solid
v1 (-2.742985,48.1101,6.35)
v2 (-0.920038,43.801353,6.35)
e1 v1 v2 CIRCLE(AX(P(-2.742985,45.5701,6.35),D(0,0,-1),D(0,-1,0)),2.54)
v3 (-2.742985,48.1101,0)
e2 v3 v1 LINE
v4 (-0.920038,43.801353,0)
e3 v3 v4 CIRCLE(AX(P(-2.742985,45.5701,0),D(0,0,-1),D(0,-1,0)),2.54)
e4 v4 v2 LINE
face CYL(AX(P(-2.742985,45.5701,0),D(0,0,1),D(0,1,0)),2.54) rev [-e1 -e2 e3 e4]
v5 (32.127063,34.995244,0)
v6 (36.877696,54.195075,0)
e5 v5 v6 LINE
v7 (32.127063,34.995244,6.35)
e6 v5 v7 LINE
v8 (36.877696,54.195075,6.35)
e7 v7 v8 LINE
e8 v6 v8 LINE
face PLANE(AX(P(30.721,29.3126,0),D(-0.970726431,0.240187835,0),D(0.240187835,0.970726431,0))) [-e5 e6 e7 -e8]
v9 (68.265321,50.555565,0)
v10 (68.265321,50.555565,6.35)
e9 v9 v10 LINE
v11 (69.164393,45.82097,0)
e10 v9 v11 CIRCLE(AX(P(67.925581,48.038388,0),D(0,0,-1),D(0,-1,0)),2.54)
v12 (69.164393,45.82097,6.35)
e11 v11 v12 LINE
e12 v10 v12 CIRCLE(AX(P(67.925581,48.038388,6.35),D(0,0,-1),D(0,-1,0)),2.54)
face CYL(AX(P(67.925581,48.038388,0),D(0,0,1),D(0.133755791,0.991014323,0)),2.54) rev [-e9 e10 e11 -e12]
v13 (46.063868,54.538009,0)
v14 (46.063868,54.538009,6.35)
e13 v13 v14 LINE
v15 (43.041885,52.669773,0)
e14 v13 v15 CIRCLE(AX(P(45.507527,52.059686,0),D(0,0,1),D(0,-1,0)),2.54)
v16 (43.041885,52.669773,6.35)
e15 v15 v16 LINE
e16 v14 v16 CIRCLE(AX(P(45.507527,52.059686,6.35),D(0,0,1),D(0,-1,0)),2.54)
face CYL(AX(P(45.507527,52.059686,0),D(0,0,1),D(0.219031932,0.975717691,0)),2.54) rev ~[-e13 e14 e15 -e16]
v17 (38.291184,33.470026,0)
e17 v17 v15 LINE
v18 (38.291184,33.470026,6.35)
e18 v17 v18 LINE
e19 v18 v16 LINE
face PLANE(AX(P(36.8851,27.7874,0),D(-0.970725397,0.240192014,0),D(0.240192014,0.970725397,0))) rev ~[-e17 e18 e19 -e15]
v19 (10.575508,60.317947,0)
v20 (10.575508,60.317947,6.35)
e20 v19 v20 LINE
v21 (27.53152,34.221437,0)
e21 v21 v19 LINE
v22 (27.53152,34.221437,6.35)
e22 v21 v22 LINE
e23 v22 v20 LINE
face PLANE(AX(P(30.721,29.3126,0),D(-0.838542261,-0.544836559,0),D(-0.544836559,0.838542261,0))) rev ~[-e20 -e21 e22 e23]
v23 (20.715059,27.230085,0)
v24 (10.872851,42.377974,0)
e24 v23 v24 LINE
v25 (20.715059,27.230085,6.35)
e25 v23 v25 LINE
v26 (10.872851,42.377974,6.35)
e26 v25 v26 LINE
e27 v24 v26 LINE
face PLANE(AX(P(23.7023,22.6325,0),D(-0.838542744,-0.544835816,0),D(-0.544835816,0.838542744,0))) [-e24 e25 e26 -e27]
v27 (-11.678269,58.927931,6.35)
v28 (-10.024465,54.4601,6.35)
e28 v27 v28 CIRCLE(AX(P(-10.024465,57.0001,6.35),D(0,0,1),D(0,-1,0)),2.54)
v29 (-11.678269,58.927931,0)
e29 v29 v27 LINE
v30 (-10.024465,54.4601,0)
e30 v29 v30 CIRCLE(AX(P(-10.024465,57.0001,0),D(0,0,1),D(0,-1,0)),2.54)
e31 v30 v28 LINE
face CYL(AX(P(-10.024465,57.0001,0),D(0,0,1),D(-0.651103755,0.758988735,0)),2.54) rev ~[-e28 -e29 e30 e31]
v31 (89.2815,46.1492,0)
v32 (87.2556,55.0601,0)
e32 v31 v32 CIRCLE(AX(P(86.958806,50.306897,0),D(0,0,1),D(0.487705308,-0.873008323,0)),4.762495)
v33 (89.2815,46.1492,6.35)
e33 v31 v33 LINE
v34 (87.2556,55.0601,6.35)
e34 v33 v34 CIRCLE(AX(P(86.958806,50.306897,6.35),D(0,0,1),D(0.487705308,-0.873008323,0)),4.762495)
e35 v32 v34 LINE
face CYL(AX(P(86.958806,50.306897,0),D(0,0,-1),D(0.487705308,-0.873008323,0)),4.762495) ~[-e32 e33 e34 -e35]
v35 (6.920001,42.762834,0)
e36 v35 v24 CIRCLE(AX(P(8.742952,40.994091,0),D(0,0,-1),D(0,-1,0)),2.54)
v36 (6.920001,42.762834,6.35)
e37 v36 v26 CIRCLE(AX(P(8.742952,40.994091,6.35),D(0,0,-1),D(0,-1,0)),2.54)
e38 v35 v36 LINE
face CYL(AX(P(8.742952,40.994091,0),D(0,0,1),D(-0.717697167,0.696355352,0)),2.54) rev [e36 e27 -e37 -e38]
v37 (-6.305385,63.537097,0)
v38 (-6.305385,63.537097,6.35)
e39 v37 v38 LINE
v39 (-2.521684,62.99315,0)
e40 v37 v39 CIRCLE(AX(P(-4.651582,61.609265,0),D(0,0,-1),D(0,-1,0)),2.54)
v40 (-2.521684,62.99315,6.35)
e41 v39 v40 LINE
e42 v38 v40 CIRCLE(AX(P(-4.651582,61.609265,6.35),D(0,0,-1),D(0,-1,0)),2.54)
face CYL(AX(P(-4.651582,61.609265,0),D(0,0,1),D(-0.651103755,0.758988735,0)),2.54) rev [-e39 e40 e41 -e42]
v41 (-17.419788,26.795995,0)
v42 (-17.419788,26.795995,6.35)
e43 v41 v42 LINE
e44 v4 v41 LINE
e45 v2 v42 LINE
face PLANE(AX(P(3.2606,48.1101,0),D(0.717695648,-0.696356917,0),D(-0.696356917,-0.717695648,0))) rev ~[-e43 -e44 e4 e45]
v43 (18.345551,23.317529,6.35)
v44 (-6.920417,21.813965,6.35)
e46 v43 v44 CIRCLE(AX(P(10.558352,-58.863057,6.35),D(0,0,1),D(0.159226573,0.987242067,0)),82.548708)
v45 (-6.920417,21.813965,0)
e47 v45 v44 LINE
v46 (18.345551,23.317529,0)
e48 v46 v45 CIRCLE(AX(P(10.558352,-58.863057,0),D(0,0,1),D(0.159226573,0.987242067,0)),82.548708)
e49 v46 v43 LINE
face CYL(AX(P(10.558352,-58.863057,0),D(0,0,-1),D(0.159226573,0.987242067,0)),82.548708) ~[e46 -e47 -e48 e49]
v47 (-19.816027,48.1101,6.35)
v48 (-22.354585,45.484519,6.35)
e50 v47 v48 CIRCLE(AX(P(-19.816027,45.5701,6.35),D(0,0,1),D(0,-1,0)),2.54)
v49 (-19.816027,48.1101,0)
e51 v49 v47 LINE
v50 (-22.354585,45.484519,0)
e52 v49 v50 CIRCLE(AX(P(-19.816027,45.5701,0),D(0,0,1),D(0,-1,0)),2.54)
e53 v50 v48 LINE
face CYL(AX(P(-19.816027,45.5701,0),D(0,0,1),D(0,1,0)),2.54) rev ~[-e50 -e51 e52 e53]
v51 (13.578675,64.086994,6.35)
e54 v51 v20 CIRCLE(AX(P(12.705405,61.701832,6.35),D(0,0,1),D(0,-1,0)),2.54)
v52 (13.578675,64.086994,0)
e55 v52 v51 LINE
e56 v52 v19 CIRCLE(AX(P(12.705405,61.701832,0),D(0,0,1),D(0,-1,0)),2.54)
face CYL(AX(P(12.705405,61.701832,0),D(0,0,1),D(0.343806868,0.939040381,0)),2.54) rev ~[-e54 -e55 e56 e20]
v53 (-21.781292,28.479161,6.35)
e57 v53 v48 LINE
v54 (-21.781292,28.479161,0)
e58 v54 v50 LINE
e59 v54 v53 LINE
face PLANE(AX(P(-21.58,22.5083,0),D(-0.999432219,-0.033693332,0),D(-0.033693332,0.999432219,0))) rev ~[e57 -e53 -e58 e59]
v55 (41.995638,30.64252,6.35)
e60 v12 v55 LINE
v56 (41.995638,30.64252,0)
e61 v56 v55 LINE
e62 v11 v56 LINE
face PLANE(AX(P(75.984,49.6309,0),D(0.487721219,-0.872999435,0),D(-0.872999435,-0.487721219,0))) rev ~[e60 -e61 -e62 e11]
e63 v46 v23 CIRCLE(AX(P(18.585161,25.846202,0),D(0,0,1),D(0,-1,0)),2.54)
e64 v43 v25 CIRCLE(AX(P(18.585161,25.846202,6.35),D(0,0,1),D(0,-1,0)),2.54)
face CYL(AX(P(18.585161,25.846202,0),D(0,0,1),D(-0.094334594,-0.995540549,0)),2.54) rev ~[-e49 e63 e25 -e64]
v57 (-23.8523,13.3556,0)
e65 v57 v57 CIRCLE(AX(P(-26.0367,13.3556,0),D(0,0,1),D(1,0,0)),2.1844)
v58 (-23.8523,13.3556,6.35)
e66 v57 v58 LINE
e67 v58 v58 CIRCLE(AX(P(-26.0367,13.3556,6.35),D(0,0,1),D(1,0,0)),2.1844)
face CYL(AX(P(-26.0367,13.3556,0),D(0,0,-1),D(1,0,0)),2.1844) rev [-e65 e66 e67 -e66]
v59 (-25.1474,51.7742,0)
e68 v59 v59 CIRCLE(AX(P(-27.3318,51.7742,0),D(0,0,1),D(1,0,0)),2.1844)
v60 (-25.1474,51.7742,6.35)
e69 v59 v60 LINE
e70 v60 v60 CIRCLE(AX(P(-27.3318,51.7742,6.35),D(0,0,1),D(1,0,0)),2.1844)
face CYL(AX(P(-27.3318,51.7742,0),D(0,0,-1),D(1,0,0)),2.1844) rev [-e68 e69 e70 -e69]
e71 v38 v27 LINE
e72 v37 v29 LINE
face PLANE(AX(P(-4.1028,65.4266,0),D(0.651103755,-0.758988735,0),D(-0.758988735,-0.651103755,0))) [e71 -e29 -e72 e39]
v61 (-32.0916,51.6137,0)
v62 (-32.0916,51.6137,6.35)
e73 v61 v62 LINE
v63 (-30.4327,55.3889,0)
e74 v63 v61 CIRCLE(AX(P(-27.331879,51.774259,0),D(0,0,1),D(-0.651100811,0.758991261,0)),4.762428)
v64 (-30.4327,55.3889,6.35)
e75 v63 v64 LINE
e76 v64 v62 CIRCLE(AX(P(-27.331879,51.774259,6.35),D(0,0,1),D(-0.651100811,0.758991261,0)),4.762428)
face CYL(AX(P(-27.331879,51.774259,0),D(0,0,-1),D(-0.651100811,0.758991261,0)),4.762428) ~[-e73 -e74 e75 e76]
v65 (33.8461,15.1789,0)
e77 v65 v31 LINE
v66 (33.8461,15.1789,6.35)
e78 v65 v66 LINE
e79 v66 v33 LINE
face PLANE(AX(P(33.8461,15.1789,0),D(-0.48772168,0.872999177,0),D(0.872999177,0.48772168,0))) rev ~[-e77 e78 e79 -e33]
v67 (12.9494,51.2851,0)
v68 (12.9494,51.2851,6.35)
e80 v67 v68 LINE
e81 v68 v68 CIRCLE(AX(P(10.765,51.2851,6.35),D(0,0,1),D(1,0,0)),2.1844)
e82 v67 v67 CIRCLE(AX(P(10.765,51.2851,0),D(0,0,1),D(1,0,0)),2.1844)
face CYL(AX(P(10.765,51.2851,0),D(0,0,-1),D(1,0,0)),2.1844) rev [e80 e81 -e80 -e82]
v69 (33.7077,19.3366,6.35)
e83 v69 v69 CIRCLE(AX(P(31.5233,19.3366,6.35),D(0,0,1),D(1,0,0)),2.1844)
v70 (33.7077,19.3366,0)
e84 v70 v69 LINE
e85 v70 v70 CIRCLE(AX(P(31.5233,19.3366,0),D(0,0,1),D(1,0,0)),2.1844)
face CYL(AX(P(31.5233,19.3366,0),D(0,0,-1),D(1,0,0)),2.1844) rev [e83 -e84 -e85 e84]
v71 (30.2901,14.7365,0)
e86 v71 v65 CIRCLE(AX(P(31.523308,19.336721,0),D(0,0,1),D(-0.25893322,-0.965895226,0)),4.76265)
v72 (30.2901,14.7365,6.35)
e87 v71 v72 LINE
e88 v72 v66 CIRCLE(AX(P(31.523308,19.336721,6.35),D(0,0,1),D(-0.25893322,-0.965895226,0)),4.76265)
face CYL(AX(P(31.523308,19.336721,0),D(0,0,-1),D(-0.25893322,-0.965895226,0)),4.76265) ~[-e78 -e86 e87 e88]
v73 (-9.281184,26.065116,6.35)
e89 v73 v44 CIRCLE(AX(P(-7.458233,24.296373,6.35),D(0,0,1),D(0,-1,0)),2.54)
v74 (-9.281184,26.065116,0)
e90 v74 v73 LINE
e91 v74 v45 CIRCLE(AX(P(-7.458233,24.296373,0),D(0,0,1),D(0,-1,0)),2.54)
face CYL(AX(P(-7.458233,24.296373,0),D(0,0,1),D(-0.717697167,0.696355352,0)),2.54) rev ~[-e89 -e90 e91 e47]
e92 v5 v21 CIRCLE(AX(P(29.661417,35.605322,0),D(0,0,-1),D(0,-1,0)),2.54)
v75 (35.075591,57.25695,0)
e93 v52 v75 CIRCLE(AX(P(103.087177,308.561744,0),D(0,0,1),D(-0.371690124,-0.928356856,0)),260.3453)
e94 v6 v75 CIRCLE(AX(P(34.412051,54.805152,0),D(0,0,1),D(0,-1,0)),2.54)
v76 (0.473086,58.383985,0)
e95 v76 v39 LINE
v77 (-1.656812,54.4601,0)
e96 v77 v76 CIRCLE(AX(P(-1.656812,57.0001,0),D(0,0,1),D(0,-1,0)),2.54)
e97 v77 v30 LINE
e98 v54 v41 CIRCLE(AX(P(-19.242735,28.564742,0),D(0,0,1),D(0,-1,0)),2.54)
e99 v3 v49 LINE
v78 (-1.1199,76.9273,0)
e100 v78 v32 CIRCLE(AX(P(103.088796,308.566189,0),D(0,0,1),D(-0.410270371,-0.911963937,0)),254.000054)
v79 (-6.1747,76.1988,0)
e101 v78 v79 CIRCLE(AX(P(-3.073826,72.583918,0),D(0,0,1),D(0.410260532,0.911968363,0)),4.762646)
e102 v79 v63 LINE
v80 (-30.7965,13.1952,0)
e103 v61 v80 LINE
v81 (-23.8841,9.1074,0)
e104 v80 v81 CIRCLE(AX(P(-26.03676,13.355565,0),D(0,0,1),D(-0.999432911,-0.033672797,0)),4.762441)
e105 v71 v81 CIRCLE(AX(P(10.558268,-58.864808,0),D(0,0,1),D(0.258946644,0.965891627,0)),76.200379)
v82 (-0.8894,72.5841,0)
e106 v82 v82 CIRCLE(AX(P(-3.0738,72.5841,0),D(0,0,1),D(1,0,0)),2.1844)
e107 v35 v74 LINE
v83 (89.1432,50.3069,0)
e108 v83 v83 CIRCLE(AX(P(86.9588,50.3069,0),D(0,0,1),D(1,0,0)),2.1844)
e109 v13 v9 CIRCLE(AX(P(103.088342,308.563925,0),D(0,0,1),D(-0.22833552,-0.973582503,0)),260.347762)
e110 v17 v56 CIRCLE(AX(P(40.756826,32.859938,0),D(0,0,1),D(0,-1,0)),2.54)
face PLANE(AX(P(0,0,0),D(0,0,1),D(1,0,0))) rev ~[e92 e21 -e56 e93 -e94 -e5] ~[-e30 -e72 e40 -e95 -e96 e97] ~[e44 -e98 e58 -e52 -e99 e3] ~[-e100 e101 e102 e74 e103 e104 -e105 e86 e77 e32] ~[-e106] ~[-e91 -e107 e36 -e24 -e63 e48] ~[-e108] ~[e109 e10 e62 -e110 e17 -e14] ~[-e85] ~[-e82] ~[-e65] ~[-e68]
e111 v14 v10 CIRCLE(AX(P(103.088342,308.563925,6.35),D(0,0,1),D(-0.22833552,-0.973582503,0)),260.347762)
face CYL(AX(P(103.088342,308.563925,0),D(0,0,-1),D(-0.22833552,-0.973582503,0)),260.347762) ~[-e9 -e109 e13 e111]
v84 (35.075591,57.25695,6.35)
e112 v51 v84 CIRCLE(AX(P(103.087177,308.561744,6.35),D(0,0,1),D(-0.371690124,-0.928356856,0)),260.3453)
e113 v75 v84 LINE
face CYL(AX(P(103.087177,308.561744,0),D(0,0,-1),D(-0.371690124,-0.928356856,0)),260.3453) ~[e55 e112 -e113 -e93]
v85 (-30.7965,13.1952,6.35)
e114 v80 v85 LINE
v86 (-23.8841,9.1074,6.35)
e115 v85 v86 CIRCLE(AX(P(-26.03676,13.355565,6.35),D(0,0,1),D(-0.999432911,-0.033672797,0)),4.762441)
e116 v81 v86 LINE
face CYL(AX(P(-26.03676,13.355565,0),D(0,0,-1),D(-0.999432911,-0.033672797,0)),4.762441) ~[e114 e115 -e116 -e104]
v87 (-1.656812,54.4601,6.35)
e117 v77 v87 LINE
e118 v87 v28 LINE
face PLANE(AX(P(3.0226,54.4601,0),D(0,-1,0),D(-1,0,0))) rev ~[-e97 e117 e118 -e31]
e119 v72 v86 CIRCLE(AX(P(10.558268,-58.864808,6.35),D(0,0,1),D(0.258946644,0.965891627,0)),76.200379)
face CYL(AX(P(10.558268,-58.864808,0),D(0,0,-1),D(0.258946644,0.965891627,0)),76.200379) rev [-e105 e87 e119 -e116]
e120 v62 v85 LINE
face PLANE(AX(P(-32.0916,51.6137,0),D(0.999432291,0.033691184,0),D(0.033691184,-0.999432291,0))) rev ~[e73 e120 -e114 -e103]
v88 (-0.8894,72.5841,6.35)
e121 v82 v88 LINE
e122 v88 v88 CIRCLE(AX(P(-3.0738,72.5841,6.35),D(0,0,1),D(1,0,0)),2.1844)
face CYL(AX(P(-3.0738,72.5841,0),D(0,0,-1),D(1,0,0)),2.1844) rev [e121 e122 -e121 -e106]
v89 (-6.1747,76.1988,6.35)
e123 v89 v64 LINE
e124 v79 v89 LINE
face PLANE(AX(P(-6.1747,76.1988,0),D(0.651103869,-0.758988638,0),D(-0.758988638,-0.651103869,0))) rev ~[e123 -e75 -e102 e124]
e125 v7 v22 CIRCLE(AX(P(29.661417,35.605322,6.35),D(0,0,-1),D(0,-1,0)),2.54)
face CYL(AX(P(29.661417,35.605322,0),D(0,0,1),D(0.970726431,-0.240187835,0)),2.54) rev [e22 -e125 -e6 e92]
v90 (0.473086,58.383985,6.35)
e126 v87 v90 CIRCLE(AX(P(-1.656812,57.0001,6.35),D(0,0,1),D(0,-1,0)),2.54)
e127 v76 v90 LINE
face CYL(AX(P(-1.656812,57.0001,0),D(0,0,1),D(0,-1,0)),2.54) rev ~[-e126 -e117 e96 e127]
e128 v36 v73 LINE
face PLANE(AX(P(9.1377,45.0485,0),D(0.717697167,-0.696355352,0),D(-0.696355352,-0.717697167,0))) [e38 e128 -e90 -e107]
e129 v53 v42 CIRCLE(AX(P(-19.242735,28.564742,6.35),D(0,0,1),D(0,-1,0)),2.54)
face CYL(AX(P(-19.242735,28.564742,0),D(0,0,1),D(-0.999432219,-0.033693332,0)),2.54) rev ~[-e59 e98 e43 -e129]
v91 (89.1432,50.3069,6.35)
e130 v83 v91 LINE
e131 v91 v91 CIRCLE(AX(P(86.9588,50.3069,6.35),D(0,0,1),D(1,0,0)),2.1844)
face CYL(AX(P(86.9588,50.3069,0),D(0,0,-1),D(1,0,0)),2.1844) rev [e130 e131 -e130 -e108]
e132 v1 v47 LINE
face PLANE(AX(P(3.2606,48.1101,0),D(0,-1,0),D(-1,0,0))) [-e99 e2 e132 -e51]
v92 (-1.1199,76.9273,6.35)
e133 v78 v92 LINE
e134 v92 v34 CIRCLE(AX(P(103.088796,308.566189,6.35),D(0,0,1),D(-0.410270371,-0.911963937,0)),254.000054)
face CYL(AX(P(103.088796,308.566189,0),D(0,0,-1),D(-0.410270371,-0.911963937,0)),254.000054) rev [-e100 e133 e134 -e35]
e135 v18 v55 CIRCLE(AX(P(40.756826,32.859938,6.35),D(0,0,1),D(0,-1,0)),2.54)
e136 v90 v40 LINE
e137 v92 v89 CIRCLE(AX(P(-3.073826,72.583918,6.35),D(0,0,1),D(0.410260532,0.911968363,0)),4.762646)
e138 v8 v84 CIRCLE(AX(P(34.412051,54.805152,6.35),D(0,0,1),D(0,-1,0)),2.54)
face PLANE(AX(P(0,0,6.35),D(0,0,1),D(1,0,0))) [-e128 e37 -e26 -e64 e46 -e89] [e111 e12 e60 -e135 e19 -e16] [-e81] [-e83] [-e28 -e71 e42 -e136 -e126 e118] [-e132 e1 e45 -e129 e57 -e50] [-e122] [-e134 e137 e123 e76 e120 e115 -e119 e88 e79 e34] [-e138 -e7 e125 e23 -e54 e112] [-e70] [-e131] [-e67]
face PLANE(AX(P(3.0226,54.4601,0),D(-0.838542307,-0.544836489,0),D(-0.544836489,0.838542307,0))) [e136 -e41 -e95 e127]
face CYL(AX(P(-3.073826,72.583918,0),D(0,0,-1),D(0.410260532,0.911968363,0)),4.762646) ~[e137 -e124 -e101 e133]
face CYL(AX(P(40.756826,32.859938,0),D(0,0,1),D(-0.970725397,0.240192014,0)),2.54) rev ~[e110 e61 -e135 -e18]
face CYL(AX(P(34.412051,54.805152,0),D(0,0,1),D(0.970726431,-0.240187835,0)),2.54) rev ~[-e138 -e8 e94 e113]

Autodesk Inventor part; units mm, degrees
ref_plane "YZ Plane" through (0, 0, 0) normal (1, 0, 0) x (0, 1, 0)
ref_plane "XZ Plane" through (0, 0, 0) normal (0, 1, 0) x (-1, 0, 0)
ref_plane "XY Plane" through (0, 0, 0) normal (0, 0, 1) x (1, 0, 0)
sketch "Sketch1" plane through (0, 0, 0) normal (0, 0, 1) x (1, 0, 0)
  circle A0 centre (10.765, 51.2851) radius 2.1844 projected
  circle A1 centre (31.5233, 19.3366) radius 2.1844 projected
  circle A2 centre (86.9588, 50.3069) radius 2.1844 projected
  circle A3 centre (-3.0738, 72.5841) radius 2.1844 projected
  circle A4 centre (-27.3318, 51.7742) radius 2.1844 projected
  circle A5 centre (-26.0367, 13.3556) radius 2.1844 projected
  arc A6 (30.2901, 14.7365) -> (33.8461, 15.1789) centre (31.5233, 19.3366) ccw
  arc A7 (89.2815, 46.1492) -> (87.0199, 55.069) centre (86.9588, 50.3069) ccw
  arc A8 (-1.1199, 76.9273) -> (-6.1747, 76.1988) centre (-3.0738, 72.5841) ccw
  arc A9 (-30.4327, 55.3889) -> (-32.0916, 51.6137) centre (-27.3318, 51.7742) ccw
  arc A10 (-30.7965, 13.1952) -> (-23.8841, 9.1074) centre (-26.0367, 13.3556) ccw
  line L0 (30.721, 29.3126) -> (6.3194, 66.8684)
  line L1 (-6.1747, 76.1988) -> (-30.4327, 55.3889)
  line L2 (-32.0916, 51.6137) -> (-30.7965, 13.1952)
  line L3 (33.8461, 15.1789) -> (89.2815, 46.1492)
  line L4 (-4.1028, 65.4266) -> (-16.8864, 54.4601)
  line L5 (9.1377, 45.0485) -> (-15.7743, 19.373)
  line L6 (3.2606, 48.1101) -> (-21.58, 22.5083)
  arc A11 (-1.1199, 76.9273) -> (87.2556, 55.0601) centre (103.0888, 308.5662) ccw
  arc A12 (30.2901, 14.7365) -> (-23.8841, 9.1074) centre (10.5583, -58.8644) ccw
  line L7 (3.0226, 54.4601) -> (-16.8864, 54.4601)
  line L8 (3.2606, 48.1101) -> (-22.4431, 48.1101)
  line L9 (75.984, 49.6309) -> (36.8851, 27.7874)
  arc A13 (23.7023, 22.6325) -> (-15.7743, 19.373) centre (10.5583, -58.8644) ccw
  line L10 (-21.58, 22.5083) -> (-22.4431, 48.1101)
  line L11 (23.7023, 22.6325) -> (9.1377, 45.0485)
  line L12 (3.0226, 54.4601) -> (-4.1028, 65.4266)
  line L13 (10.765, 51.2851) -> (-26.0367, 13.3556) construction
  line L14 (31.5233, 19.3366) -> (42.0802, 62.0019) construction
  line L15 (36.8851, 27.7874) -> (43.6417, 55.0939)
  line L16 (30.721, 29.3126) -> (37.4775, 56.6192)
  arc A14 (6.3194, 66.8684) -> (37.4775, 56.6192) centre (103.0888, 308.5662) ccw
  arc A15 (43.6417, 55.0939) -> (75.984, 49.6309) centre (103.0888, 308.5662) ccw
  point P0 (0, 0)
  dimension "d0" = 9.525
  dimension "d1" = 9.525
  dimension "d2" = 9.525
  dimension "d3" = 9.525
  dimension "d5" = 9.525
  dimension "d7" = 254
  dimension "d8" = 76.2
  dimension "d11" = 6.35
  dimension "d12" = 3.175
  dimension "d18" = 3.175
  dimension "d19" = 3.175
  dimension "d20" = 3.175
  dimension "d21" = 3.175
  dimension "d24" = 6.35
extrude "Extrusion1" add sketch "Sketch1" along normal blind 6.35
fillet "Fillet1" radius 2.54 15 edges at (-15.7743, 19.373, 3.175) (9.1377, 45.0485, 3.175) (-4.1028, 65.4266, 3.175) (6.3194, 66.8684, 3.175) (3.2606, 48.1101, 3.175) (3.0226, 54.4601, 3.175) (-22.4431, 48.1101, 3.175) (-21.58, 22.5083, 3.175) (-16.8864, 54.4601, 3.175) (23.7023, 22.6325, 3.175) (75.984, 49.6309, 3.175) (43.6417, 55.0939, 3.175) (37.4775, 56.6192, 3.175) (30.721, 29.3126, 3.175) (36.8851, 27.7874, 3.175)
properties part number "centralbrace" material "Acetal Resin, White"
